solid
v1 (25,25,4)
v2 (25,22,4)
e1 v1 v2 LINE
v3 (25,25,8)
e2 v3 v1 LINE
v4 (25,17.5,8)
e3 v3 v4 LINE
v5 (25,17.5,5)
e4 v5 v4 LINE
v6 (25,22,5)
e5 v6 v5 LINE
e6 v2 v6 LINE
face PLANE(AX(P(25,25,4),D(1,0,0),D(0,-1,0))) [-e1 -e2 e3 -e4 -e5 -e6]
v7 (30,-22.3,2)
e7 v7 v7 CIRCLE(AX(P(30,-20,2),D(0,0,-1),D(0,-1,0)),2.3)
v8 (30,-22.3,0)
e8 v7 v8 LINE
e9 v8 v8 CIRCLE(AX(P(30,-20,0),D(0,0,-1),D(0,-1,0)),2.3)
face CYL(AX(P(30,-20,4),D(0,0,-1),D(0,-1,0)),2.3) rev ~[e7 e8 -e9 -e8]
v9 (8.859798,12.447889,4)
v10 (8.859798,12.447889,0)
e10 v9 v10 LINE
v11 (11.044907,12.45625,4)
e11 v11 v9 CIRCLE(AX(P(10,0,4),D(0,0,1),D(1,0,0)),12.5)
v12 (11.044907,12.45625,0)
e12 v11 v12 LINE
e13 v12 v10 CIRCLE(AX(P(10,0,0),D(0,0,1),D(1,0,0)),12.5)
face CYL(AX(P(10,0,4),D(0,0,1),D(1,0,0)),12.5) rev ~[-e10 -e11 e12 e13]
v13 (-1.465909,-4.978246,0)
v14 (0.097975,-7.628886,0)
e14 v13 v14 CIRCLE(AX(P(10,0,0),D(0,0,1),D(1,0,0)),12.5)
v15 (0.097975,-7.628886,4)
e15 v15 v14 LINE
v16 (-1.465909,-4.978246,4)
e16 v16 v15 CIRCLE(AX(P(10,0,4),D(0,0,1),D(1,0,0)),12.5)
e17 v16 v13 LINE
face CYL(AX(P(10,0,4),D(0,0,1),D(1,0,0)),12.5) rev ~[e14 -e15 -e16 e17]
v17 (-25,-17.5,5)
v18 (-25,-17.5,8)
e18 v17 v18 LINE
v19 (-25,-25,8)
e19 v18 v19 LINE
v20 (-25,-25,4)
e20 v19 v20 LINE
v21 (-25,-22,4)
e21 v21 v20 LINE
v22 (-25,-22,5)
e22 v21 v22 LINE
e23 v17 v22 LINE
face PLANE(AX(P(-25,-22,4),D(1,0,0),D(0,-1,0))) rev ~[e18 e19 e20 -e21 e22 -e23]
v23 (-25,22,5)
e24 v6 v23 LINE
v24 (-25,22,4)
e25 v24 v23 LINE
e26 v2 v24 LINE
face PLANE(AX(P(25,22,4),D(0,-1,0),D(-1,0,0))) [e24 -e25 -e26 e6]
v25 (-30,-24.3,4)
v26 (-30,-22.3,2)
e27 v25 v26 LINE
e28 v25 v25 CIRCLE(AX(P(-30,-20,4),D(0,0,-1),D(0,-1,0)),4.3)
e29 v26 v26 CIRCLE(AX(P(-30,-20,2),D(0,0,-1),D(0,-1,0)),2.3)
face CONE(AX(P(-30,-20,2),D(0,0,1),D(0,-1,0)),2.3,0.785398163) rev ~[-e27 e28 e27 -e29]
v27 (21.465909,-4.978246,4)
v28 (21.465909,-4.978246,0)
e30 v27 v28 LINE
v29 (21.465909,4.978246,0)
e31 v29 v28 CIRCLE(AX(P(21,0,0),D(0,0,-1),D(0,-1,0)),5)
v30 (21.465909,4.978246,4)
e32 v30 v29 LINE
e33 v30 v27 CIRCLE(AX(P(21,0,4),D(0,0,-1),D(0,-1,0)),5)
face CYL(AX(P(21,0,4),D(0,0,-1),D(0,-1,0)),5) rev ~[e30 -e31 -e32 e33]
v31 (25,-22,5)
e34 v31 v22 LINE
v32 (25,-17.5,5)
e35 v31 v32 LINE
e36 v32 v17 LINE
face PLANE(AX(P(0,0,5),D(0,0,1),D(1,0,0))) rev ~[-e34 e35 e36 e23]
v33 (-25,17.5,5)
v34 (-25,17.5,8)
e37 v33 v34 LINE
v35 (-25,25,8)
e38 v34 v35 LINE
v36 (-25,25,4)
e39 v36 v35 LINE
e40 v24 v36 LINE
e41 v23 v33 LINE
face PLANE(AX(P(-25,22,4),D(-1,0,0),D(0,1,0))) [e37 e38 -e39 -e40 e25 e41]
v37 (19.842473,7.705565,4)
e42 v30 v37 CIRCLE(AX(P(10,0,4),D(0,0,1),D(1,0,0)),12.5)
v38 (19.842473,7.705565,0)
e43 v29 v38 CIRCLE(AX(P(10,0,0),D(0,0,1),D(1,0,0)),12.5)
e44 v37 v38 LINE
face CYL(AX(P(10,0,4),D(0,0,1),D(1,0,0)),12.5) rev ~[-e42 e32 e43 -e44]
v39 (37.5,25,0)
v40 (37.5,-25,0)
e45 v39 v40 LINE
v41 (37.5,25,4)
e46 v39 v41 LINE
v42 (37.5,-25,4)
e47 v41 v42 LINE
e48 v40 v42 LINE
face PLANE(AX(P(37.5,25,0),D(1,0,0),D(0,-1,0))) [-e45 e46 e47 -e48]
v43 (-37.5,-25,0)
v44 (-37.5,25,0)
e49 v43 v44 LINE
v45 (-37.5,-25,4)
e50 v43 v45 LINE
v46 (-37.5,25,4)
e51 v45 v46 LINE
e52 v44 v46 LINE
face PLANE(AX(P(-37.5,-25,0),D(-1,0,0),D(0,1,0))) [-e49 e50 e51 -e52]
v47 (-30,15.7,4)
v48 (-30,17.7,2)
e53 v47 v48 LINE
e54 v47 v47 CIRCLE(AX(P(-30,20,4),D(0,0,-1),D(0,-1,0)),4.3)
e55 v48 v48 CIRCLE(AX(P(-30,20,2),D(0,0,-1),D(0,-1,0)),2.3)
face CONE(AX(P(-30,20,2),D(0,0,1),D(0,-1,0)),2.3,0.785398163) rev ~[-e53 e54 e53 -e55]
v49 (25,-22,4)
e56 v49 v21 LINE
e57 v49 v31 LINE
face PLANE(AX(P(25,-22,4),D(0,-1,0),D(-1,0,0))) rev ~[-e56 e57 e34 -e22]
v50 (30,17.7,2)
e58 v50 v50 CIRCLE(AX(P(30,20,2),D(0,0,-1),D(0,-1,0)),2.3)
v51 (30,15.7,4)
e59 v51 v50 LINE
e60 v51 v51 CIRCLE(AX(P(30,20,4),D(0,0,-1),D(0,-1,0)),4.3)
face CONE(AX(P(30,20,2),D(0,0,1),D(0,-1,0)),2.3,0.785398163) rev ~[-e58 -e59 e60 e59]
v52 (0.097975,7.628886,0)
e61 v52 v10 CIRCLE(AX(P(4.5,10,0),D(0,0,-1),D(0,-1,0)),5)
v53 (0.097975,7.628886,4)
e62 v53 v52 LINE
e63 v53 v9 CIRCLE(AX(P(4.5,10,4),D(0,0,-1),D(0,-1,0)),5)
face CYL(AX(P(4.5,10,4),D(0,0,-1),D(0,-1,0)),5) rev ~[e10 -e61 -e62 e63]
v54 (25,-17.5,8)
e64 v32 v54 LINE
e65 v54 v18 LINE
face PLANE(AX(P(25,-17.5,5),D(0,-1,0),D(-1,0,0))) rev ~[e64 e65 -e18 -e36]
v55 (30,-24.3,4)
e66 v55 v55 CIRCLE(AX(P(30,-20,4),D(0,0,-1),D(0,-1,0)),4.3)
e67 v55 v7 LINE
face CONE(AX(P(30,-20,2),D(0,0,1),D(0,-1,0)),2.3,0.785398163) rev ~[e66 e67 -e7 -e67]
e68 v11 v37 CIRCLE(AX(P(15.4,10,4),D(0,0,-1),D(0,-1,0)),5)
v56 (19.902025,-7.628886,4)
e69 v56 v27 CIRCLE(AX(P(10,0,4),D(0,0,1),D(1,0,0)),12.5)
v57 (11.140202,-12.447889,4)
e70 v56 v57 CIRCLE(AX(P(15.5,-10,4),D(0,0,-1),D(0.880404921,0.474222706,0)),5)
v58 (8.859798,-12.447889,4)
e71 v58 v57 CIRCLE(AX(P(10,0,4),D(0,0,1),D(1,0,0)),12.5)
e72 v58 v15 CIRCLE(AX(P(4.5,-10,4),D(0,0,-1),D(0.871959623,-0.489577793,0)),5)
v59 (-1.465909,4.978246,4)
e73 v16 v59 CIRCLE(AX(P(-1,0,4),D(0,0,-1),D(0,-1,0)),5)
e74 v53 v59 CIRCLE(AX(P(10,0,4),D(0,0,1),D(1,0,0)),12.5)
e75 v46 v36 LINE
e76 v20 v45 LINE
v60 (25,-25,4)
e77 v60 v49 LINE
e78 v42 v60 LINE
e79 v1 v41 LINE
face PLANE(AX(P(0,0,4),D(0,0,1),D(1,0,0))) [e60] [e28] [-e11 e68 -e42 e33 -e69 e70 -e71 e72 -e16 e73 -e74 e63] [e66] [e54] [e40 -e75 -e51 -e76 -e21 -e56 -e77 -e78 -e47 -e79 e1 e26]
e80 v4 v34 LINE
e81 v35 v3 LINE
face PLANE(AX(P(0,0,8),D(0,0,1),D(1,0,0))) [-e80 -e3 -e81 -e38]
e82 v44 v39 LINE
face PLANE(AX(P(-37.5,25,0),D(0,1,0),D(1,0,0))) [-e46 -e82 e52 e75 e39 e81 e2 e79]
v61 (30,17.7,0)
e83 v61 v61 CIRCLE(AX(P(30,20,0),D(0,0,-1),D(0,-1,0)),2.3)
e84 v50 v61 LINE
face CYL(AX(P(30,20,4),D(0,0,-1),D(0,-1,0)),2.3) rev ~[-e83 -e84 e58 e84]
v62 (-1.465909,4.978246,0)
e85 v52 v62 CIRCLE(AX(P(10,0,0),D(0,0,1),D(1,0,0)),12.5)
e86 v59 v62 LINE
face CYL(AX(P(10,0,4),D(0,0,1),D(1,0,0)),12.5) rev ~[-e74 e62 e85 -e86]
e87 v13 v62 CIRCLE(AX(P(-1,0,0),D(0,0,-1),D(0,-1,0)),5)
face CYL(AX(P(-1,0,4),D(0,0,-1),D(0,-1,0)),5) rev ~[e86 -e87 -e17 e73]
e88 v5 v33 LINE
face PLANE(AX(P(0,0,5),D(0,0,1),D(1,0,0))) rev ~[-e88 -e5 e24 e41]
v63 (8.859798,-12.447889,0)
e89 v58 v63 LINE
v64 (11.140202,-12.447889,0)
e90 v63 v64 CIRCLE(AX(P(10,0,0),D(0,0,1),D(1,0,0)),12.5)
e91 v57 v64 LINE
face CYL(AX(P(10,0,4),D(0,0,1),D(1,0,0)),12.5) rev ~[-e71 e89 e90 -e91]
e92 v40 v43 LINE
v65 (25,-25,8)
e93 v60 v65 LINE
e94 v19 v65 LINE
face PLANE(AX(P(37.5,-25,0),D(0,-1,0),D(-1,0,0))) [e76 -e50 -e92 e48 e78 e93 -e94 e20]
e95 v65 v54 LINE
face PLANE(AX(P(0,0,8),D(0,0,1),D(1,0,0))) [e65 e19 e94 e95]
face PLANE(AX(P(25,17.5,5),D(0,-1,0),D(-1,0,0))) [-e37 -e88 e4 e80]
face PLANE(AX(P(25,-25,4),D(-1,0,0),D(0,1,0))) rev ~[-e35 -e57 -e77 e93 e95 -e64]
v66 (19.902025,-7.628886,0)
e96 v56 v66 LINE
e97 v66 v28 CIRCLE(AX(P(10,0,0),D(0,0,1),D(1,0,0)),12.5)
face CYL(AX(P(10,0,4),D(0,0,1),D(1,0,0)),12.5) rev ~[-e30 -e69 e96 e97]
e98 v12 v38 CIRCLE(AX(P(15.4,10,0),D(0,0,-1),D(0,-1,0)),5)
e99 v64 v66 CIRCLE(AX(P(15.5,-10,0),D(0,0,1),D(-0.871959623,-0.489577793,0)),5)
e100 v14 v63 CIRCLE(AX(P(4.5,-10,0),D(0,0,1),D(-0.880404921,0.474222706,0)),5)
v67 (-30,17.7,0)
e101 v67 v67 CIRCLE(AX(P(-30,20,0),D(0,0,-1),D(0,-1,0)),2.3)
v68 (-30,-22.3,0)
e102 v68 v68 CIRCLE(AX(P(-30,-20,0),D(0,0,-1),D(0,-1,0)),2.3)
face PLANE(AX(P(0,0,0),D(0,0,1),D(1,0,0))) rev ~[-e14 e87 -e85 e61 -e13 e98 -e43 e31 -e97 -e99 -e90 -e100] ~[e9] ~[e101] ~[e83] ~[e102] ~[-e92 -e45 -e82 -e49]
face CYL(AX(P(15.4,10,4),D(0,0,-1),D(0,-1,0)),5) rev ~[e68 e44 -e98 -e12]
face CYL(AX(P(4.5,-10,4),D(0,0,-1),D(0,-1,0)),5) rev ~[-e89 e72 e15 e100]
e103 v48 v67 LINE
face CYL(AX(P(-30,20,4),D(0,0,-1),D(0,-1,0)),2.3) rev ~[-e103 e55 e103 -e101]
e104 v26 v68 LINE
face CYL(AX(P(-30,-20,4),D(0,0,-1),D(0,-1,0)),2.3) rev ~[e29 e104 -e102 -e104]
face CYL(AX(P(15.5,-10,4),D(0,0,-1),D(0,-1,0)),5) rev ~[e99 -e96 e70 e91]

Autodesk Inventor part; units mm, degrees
ref_plane "YZ Plane" through (0, 0, 0) normal (1, 0, 0) x (0, 1, 0)
ref_plane "XZ Plane" through (0, 0, 0) normal (0, 1, 0) x (-1, 0, 0)
ref_plane "XY Plane" through (0, 0, 0) normal (0, 0, 1) x (1, 0, 0)
sketch "Sketch1" plane through (0, 0, 0) normal (0, 0, 1) x (1, 0, 0)
  line L0 (37.5, -25) -> (-37.5, -25)
  line L1 (-37.5, -25) -> (-37.5, 25)
  line L2 (-37.5, 25) -> (37.5, 25)
  line L3 (37.5, 25) -> (37.5, -25)
  line L4 (37.5, -25) -> (-37.5, 25) construction
  line L5 (-37.5, -25) -> (37.5, 25) construction
  point P0 (0, 0)
  dimension "d0" = 75
  dimension "d1" = 50
extrude "Extrusion1" add sketch "Sketch1" along normal blind 4
sketch "Sketch2" plane through (0, 0, 4) normal (0, 0, 1) x (1, 0, 0)
  point P0 (0, 0)
  point P1 (15.4, 10)
  point P2 (21, 0)
  point P3 (15.5, -10)
  point P4 (4.5, 10)
  point P5 (4.5, -10)
  point P6 (-1, 0)
hole "Hole1" at (15.4, 10, 4) at (21, 0, 4) at (15.5, -10, 4) at (4.5, 10, 4) at (4.5, -10, 4) at (-1, 0, 4) direction (0, 0, -1) diameter 10 end through all
sketch "Sketch3" plane through (0, 0, 4) normal (0, 0, 1) x (1, 0, 0)
  circle A0 centre (10, 0) radius 12.5
  line L0 (37.5, -25) -> (37.5, 25) projected
  point P0 (0, 0)
  dimension "d11" = 25
  dimension "d24" = 27.5
extrude "Extrusion2" cut sketch "Sketch3" against normal blind 10
sketch "Sketch4" plane through (0, 0, 4) normal (0, 0, 1) x (1, 0, 0)
  point P0 (0, 0)
  point P1 (30, 20)
  point P2 (30, -20)
  point P3 (-30, 20)
  point P4 (-30, -20)
hole "Hole2" at (30, 20, 4) at (30, -20, 4) at (-30, 20, 4) at (-30, -20, 4) direction (0, 0, -1) diameter 4.6 end through all
chamfer "Chamfer1" distance 2 angle 45 4 edges at (-30, -17.7, 4) (30, -17.7, 4) (-30, 22.3, 4) (30, 22.3, 4)
sketch "Sketch5" plane through (0, 0, 4) normal (0, 0, 1) x (1, 0, 0)
  point P0 (0, 0)
sketch "Sketch6" plane through (0, 0, 4) normal (0, 0, 1) x (1, 0, 0)
  line L0 (37.5, 25) -> (-37.5, 25) projected
  line L1 (-25, 25) -> (25, 25)
  line L2 (25, 25) -> (25, 22)
  line L3 (25, 22) -> (-25, 22)
  line L4 (-25, 22) -> (-25, 25)
  line L5 (-37.5, -25) -> (37.5, -25) projected
  line L6 (-25, -25) -> (25, -25)
  line L7 (25, -25) -> (25, -22)
  line L8 (25, -22) -> (-25, -22)
  line L9 (-25, -22) -> (-25, -25)
  point P0 (0, 0)
  dimension "d25" = 50
  dimension "d26" = 3
  dimension "d27" = 3
extrude "Extrusion3" add sketch "Sketch6" along normal blind 1
sketch "Sketch7" plane through (0, 0, 5) normal (0, 0, 1) x (1, 0, 0)
  line L0 (-25, 25) -> (-25, 22) projected
  line L1 (-25, 25) -> (25, 25)
  line L2 (25, 25) -> (25, 17.5)
  line L3 (25, 17.5) -> (-25, 17.5)
  line L4 (-25, 17.5) -> (-25, 25)
  line L5 (-37.5, -25) -> (37.5, -25) projected
  line L6 (-25, -25) -> (25, -25)
  line L7 (25, -25) -> (25, -17.5)
  line L8 (25, -17.5) -> (-25, -17.5)
  line L9 (-25, -17.5) -> (-25, -25)
  point P0 (0, 0)
  dimension "d30" = 50
  dimension "d31" = 7.5
  dimension "d32" = 7.5
extrude "Extrusion4" add sketch "Sketch7" along normal blind 3
properties part number "lid support"
